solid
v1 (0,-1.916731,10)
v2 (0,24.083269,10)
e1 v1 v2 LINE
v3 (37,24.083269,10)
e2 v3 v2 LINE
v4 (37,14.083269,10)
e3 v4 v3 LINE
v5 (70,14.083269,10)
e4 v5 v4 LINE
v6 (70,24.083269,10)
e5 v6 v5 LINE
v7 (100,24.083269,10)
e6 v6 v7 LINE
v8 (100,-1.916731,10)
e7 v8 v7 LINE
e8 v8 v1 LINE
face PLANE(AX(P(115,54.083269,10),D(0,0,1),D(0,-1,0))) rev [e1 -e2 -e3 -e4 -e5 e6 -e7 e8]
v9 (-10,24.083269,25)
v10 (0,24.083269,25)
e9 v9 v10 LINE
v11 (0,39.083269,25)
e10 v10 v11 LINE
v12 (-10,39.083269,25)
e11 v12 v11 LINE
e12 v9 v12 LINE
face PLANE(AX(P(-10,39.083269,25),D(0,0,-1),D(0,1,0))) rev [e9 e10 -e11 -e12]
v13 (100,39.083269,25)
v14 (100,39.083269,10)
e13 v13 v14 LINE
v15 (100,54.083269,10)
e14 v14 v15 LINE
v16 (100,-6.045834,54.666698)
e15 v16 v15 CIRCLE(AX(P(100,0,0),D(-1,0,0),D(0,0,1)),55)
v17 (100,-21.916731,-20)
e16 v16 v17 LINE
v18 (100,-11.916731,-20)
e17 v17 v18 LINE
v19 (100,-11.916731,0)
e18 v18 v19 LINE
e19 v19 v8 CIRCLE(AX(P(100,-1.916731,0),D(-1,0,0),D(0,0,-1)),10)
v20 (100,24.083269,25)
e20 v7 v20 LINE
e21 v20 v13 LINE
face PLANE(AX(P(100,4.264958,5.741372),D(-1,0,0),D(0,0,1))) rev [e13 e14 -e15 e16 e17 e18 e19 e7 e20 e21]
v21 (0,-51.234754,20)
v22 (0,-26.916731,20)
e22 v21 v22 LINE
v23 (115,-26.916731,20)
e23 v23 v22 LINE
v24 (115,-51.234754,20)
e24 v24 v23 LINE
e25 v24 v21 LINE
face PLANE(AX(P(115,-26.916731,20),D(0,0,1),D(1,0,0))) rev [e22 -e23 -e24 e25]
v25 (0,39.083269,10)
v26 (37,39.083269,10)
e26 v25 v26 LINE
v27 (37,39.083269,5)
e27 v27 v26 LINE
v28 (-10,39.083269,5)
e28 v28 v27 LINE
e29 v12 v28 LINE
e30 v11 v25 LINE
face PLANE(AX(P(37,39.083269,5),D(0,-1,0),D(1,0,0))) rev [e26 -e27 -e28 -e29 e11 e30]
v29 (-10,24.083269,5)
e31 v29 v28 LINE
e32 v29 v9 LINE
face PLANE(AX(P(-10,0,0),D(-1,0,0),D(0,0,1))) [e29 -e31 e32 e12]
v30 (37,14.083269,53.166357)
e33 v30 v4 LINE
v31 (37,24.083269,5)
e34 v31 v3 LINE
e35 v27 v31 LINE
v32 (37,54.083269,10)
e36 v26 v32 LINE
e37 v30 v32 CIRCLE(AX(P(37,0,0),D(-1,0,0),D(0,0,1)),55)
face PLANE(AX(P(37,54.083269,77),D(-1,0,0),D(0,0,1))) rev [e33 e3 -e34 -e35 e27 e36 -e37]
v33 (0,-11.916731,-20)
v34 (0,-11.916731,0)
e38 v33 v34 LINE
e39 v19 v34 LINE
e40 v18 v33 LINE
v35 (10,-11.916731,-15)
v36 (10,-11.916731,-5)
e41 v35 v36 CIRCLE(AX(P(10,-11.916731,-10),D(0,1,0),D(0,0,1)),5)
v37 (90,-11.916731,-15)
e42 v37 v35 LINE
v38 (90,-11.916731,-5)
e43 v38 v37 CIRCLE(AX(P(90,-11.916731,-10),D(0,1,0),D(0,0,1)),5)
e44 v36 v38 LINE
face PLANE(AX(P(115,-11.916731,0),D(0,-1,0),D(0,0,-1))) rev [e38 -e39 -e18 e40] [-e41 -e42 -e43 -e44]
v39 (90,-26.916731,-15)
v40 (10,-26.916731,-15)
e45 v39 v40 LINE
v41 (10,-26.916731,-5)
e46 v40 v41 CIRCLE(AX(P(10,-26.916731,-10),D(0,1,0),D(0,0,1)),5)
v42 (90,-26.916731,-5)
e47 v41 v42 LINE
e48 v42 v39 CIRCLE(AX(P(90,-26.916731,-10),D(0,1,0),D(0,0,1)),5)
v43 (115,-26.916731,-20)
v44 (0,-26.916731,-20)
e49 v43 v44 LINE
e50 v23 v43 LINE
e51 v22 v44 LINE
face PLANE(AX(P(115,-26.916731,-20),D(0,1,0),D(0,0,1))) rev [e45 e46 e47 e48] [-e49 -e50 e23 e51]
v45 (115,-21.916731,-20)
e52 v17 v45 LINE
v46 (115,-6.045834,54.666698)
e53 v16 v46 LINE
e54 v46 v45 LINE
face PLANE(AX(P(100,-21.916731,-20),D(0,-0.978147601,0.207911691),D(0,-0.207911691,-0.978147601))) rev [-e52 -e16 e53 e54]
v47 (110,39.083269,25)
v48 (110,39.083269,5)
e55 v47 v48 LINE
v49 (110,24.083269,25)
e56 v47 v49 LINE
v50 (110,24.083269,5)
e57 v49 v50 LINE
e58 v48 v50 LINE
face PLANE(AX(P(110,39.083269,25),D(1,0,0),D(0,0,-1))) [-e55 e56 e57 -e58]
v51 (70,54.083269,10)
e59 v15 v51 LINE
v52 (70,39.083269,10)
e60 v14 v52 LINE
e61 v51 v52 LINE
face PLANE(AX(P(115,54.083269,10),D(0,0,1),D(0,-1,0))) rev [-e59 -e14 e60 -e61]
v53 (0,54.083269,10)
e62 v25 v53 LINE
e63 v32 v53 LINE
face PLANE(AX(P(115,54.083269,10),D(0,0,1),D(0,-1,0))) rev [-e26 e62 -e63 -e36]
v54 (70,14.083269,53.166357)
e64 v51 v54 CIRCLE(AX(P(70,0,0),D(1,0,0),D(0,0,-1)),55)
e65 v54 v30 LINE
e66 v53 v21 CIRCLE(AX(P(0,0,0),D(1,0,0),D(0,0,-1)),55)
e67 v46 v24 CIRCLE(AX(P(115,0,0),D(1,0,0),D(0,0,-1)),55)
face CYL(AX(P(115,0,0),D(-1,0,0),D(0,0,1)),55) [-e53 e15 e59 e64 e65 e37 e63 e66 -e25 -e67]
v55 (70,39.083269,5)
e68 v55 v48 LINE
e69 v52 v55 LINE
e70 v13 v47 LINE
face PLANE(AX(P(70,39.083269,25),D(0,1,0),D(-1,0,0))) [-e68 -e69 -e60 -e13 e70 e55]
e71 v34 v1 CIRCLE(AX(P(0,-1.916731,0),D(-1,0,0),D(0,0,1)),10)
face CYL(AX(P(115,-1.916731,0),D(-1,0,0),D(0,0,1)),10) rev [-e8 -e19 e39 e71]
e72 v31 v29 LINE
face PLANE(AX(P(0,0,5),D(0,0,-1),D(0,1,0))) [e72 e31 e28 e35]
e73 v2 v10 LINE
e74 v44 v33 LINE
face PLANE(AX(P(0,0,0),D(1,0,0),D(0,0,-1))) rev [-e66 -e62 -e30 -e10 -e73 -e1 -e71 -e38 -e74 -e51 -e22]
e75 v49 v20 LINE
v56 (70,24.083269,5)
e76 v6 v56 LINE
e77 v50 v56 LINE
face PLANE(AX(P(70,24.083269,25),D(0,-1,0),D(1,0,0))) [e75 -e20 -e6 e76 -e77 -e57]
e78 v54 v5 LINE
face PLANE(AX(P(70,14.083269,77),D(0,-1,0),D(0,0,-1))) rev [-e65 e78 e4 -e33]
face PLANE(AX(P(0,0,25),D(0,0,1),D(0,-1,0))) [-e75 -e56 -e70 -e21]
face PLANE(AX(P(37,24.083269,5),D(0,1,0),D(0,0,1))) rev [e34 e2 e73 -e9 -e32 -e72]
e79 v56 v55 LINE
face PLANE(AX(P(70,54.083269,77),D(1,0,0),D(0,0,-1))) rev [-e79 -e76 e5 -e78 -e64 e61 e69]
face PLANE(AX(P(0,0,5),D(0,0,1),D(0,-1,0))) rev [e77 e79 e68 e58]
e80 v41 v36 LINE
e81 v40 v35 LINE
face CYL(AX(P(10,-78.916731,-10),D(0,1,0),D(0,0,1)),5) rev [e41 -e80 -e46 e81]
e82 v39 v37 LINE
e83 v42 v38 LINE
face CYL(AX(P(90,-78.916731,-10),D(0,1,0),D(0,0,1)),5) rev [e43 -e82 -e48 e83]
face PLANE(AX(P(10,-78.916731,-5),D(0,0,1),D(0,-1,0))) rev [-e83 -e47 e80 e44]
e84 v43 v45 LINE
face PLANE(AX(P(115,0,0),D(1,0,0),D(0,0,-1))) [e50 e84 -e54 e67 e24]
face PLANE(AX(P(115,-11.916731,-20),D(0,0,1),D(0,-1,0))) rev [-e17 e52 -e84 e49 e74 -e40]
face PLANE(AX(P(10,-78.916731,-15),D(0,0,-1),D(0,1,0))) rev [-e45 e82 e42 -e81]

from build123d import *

# Parameters (mm, degrees)
BOSS_EXTRUDE1_DEPTH      = 115
CUT_EXTRUDE3_START       = -15
CUT_EXTRUDE3_DEPTH       = 15
CUT_EXTRUDE4_DEPTH       = 67
SKETCH5_W                = 33
SKETCH5_H                = 40
CUT_EXTRUDE5_DEPTH       = 67
SKETCH6_W                = 40
SKETCH6_H                = 15
BOSS_EXTRUDE2_DEPTH      = 5
SKETCH7_W                = 15
SKETCH7_H                = 15
BOSS_EXTRUDE4_DEPTH      = 10
SKETCH8_W                = 7
SKETCH8_H                = 15
BOSS_EXTRUDE5_DEPTH      = 5
BOSS_EXTRUDE6_DEPTH      = 5
BOSS_EXTRUDE6_DEPTH_BACK = 15
SKETCH9_W                = 40
SKETCH9_H                = 15


with BuildPart() as part:
    # Sketch1 → Boss-Extrude1 (new body)
    with BuildSketch(Plane(origin=(0, 0, 0), x_dir=(0, 0, -1), z_dir=(1, 0, 0))):
        with BuildLine():
            Line((-10, 54.083269132), (-10, -1.916730868))
            ThreePointArc((-10, -1.916730868), (-7.071067812, -8.98779868), (0, -11.916730868))
            Line((0, -11.916730868), (20, -11.916730868))
            Line((20, -11.916730868), (20, -26.916730868))
            Line((20, -26.916730868), (-20, -26.916730868))
            Line((-20, -26.916730868), (-20, -51.23475383))
            ThreePointArc((-20, -51.23475383), (-54.753734942, 5.198895061), (-10, 54.083269132))
        make_face()
    extrude(amount=BOSS_EXTRUDE1_DEPTH)

    # Sketch2 → Cut-Extrude3 (cut)
    with BuildSketch(Plane(origin=(115, 0, 0), x_dir=(0, 0, -1), z_dir=(1, 0, 0)).offset(CUT_EXTRUDE3_START)):
        with BuildLine():
            Line((20, -21.916730868), (-54.666698166, -6.045834235))
            ThreePointArc((-54.666698166, -6.045834235), (-45.878767393, 34.080884973), (-10, 54.083269132))
            Line((-10, 54.083269132), (-10, -1.916730868))
            ThreePointArc((-10, -1.916730868), (-7.071067812, -8.98779868), (0, -11.916730868))
            Line((0, -11.916730868), (20, -11.916730868))
            Line((20, -11.916730868), (20, -21.916730868))
        make_face()
    extrude(amount=CUT_EXTRUDE3_DEPTH, mode=Mode.SUBTRACT)

    # Sketch4 → Cut-Extrude4 (cut)
    with BuildSketch(Plane(origin=(0, -11.916730868, 0), x_dir=(1, 0, 0), z_dir=(0, 1, 0))):
        with BuildLine():
            Line((10, 15), (90, 15))
            ThreePointArc((90, 15), (95, 10), (90, 5))
            Line((90, 5), (10, 5))
            ThreePointArc((10, 5), (5, 10), (10, 15))
        make_face()
    extrude(amount=-CUT_EXTRUDE4_DEPTH, mode=Mode.SUBTRACT)

    # Sketch5 → Cut-Extrude5 (cut)
    with BuildSketch(Plane(origin=(0, 0, 10), x_dir=(-1, 0, 0), z_dir=(0, 0, -1))):
        with Locations((-53.5, 34.083269132)):
            Rectangle(SKETCH5_W, SKETCH5_H)
    extrude(amount=-CUT_EXTRUDE5_DEPTH, mode=Mode.SUBTRACT)

    # Sketch6 → Boss-Extrude2 (add)
    with BuildSketch(Plane(origin=(0, 0, 10), x_dir=(-1, 0, 0), z_dir=(0, 0, -1))):
        with Locations((-17, 31.583269132)):
            Rectangle(SKETCH6_W, SKETCH6_H)
    extrude(amount=BOSS_EXTRUDE2_DEPTH)

    # Sketch7 → Boss-Extrude4 (add)
    with BuildSketch(Plane.ZY):
        with Locations((17.5, 31.583269132)):
            Rectangle(SKETCH7_W, SKETCH7_H)
    extrude(amount=BOSS_EXTRUDE4_DEPTH)

    # Sketch8 → Boss-Extrude5 (add)
    with BuildSketch(Plane(origin=(0, 0, 10), x_dir=(-1, 0, 0), z_dir=(0, 0, -1))):
        with Locations((6.5, 31.583269132)):
            Rectangle(SKETCH8_W, SKETCH8_H)
    extrude(amount=BOSS_EXTRUDE5_DEPTH)

    # Sketch9 → Boss-Extrude6 (add, two sides: drawn at the far end of the back side and taken through both)
    with BuildSketch(Plane(origin=(0, 0, 10), x_dir=(-1, 0, 0), z_dir=(0, 0, -1)).offset(-BOSS_EXTRUDE6_DEPTH_BACK)):
        with Locations((-90, 31.583269132)):
            Rectangle(SKETCH9_W, SKETCH9_H)
    extrude(amount=BOSS_EXTRUDE6_DEPTH + BOSS_EXTRUDE6_DEPTH_BACK)


solid = part.part
